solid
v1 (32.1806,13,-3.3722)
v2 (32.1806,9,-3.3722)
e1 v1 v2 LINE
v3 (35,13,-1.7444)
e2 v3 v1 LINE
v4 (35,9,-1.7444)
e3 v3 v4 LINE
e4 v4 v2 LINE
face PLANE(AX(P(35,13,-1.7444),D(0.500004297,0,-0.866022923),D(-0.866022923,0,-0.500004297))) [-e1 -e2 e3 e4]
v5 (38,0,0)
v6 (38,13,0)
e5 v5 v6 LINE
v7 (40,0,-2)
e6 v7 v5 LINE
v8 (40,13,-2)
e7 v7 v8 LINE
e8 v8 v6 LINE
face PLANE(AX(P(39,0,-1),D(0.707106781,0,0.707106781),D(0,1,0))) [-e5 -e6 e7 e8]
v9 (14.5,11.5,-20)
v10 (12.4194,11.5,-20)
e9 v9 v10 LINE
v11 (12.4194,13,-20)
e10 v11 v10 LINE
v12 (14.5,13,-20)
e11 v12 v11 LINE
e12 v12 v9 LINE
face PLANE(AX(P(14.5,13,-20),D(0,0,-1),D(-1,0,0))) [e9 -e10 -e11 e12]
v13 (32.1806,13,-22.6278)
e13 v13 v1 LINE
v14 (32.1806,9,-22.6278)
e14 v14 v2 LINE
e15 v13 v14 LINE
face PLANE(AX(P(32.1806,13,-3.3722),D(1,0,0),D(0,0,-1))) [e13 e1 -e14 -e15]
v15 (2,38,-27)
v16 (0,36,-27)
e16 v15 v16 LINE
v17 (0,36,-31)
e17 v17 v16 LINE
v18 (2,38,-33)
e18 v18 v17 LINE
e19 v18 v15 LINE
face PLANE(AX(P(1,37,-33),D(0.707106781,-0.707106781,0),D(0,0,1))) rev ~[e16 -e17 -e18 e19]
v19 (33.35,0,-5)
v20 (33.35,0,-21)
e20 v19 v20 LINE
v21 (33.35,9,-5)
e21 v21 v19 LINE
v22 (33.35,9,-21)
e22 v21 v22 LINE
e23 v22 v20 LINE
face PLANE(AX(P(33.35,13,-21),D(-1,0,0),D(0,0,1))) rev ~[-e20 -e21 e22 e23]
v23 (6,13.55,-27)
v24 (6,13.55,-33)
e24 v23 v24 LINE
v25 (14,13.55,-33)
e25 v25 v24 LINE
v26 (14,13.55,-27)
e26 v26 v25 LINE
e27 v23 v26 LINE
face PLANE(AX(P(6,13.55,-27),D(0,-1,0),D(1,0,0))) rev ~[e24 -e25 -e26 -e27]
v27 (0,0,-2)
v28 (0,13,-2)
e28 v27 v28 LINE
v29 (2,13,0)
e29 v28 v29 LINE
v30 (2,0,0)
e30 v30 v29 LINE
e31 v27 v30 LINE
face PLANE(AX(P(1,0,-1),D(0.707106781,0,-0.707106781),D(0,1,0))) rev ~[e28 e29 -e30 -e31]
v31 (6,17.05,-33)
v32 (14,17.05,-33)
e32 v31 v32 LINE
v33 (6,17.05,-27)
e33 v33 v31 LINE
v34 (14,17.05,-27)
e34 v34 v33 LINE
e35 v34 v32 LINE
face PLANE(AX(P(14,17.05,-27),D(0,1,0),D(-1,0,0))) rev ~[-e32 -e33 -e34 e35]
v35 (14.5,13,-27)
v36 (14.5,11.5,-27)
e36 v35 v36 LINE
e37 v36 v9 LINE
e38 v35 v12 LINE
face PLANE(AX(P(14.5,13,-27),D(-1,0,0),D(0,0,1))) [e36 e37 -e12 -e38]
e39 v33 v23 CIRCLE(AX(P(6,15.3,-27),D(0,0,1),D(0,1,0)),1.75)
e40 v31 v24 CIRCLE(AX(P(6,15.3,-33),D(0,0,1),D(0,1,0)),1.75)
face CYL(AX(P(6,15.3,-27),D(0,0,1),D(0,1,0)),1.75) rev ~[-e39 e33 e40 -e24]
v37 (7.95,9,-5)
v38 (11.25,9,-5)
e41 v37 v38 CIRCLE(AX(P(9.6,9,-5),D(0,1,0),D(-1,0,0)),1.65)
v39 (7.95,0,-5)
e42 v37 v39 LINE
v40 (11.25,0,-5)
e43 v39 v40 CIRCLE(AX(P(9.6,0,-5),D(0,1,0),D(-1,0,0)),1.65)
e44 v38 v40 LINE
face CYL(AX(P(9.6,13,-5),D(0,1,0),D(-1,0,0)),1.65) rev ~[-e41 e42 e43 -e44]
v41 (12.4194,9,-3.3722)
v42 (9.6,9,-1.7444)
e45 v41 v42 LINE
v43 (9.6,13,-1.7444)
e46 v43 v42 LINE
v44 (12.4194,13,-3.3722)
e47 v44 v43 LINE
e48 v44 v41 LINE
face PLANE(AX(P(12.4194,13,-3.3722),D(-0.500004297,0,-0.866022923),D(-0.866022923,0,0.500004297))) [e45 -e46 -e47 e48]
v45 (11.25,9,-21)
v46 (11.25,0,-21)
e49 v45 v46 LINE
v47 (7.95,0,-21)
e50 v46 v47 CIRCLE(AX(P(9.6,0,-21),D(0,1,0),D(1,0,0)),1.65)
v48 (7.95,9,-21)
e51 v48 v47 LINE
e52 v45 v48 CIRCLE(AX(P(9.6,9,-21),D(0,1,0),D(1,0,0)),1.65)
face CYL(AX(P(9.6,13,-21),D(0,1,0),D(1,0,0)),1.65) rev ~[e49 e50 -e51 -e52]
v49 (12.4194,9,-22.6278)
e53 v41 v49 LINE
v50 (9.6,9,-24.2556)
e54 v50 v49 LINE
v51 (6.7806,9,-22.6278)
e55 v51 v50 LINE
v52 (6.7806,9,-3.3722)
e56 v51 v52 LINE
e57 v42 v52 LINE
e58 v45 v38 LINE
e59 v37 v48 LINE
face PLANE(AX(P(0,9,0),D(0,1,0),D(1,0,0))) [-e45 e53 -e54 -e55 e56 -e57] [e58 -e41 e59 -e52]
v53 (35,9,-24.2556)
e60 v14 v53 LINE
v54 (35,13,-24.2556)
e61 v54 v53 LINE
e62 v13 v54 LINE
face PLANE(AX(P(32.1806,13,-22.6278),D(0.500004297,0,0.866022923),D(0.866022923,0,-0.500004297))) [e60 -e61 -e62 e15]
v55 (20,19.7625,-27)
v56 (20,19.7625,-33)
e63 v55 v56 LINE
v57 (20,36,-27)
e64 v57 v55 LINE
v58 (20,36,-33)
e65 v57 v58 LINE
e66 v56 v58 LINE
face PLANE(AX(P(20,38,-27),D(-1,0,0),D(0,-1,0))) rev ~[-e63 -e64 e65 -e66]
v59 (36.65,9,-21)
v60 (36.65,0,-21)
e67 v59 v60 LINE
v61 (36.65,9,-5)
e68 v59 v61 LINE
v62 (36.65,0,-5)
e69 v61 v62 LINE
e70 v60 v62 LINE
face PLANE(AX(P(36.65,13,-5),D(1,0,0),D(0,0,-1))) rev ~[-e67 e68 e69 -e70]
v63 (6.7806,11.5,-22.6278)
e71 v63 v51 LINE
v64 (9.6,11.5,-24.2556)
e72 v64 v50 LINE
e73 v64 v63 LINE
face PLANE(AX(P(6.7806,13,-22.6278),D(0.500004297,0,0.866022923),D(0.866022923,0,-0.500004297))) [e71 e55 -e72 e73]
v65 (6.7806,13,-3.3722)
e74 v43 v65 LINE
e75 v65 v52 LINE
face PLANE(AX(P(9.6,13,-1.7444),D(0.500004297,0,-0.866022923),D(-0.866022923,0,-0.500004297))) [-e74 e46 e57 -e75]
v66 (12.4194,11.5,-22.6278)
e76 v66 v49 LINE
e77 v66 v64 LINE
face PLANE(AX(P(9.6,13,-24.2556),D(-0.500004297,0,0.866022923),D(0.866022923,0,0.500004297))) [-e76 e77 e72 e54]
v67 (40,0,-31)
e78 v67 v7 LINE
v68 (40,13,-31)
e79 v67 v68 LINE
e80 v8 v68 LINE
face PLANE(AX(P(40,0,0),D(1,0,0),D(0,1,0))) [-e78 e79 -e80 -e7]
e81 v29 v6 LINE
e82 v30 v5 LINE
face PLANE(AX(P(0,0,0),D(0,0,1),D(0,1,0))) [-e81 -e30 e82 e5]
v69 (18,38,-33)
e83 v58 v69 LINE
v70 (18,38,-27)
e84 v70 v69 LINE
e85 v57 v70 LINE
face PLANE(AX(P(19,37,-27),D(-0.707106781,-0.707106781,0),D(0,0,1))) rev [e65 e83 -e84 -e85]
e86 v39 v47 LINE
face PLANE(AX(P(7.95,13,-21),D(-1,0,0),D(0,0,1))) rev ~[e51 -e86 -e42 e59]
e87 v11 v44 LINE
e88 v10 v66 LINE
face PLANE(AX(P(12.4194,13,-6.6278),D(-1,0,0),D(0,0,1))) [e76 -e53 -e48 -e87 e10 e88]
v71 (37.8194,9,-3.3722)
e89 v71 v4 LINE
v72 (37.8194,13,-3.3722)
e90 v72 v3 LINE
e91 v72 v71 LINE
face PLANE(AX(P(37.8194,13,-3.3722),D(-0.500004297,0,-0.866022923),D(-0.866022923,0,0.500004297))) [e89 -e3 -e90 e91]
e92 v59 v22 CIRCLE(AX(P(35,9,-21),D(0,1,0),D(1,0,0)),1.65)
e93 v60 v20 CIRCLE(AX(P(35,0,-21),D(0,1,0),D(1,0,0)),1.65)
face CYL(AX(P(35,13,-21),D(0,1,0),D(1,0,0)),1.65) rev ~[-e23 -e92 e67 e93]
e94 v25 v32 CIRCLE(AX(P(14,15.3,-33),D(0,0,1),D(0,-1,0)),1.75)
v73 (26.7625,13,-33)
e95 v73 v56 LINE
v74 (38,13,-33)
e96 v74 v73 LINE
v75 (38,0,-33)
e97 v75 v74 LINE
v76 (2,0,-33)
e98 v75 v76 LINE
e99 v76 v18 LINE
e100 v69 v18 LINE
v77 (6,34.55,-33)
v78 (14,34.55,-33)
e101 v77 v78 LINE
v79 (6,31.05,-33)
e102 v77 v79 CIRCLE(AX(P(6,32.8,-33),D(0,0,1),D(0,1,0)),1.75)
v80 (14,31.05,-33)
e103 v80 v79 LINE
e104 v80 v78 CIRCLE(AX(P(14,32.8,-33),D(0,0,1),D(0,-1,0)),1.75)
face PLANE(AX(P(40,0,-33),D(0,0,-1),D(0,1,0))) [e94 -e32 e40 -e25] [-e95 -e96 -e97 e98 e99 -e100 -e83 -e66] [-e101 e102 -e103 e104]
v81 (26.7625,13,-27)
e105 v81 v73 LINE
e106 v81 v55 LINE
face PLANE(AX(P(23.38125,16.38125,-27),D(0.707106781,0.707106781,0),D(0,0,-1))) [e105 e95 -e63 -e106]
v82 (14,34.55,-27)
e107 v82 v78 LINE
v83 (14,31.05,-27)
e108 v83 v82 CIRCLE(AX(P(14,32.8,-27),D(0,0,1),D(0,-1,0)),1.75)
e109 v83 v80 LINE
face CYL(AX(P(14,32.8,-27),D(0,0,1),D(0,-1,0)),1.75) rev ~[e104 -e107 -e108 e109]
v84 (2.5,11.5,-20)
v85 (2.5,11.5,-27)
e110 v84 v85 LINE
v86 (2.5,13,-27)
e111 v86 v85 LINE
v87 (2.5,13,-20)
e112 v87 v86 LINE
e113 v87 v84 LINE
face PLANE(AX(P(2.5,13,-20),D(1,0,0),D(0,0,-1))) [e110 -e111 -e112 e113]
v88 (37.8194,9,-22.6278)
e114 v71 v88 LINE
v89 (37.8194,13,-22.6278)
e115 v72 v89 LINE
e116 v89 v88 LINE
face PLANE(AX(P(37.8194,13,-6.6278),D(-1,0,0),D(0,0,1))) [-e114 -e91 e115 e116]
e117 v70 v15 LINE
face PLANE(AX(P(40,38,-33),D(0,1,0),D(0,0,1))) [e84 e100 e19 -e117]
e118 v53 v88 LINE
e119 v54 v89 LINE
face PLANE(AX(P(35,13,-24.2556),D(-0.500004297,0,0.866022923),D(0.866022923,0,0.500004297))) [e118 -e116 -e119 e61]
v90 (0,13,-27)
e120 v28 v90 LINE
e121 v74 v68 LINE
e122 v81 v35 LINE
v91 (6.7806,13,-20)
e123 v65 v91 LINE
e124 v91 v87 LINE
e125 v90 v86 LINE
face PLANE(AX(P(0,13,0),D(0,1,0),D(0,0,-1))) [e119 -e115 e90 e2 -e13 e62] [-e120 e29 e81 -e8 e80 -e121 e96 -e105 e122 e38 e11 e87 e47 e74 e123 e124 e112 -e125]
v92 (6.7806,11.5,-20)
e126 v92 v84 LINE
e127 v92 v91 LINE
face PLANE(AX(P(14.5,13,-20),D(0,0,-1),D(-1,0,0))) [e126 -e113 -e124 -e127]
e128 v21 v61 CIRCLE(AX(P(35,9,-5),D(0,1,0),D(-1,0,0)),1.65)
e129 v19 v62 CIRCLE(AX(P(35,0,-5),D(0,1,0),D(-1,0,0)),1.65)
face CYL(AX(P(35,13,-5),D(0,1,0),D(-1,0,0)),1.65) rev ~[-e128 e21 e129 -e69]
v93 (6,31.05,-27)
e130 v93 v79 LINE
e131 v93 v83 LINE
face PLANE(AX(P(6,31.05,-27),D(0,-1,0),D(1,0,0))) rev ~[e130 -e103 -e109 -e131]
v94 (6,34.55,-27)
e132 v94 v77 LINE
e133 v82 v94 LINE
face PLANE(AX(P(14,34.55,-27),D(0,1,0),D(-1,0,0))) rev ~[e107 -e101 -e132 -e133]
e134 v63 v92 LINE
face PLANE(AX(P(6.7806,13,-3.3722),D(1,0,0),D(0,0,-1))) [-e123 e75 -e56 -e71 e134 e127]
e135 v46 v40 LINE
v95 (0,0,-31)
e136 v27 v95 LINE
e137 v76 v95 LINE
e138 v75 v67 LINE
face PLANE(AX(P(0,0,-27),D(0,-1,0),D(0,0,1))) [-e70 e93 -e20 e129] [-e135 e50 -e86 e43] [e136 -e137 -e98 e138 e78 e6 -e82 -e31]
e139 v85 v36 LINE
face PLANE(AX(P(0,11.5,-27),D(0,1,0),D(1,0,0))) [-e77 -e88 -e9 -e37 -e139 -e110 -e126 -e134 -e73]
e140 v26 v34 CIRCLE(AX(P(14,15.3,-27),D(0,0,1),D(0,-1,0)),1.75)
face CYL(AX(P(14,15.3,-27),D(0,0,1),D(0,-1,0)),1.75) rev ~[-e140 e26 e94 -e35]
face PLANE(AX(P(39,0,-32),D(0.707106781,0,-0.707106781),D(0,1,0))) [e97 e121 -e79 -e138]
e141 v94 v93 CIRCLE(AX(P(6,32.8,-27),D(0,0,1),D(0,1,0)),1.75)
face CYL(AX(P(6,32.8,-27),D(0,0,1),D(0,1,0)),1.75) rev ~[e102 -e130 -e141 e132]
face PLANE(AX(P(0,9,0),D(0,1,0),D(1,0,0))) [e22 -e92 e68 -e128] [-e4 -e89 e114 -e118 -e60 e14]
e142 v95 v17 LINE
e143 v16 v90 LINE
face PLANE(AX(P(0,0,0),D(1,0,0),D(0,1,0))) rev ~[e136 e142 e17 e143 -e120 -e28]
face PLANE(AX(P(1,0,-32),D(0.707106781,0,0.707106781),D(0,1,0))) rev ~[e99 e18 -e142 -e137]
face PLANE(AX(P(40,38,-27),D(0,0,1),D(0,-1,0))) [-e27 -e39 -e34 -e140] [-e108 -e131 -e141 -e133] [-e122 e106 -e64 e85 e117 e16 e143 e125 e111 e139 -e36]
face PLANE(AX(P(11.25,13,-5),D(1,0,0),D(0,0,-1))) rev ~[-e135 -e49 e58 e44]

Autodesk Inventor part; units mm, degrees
ref_plane "YZ Plane" through (0, 0, 0) normal (1, 0, 0) x (0, 1, 0)
ref_plane "XZ Plane" through (0, 0, 0) normal (0, 1, 0) x (-1, 0, 0)
ref_plane "XY Plane" through (0, 0, 0) normal (0, 0, 1) x (1, 0, 0)
sketch "Sketch1" plane through (0, 0, 0) normal (1, 0, 0) x (0, 1, 0)
  line L0 (0, 0) -> (13, 0)
  line L1 (13, 0) -> (13, -27)
  line L2 (13, -27) -> (0, -27)
  line L3 (0, -27) -> (0, 0)
  dimension "d0" = 13
  dimension "d1" = 27
extrude "Extrusion1" add sketch "Sketch1" along normal blind 40
sketch "Sketch2" plane through (40, 0, 0) normal (1, 0, 0) x (0, 0, -1)
  line L0 (27, 0) -> (27, 13) projected
  line L1 (27, 0) -> (33, 0)
  line L2 (33, 0) -> (33, 38)
  line L3 (33, 38) -> (27, 38)
  line L4 (27, 38) -> (27, 0)
  point P0 (0, 0)
  dimension "d4" = 6
  dimension "d5" = 38
extrude "Extrusion2" add sketch "Sketch2" against normal blind 40
sketch "Sketch3" plane through (0, 13, 0) normal (0, 1, 0) x (1, 0, 0)
  line L0 (40, 27) -> (40, 0) construction
  line L1 (40, 0) -> (35, 0) construction
  line L2 (0, 0) -> (40, 0) construction
  line L3 (35, 0) -> (35, 5) construction
  line L4 (35, 5) -> (35, 21) construction
  line L5 (35, 5) -> (9.6, 5) construction
  line L6 (35, 5) -> (35, 21) construction
  line L7 (36.65, 5) -> (36.65, 21)
  line L8 (33.35, 21) -> (33.35, 5)
  arc A0 (33.35, 5) -> (36.65, 5) centre (35, 5) ccw
  arc A1 (36.65, 21) -> (33.35, 21) centre (35, 21) ccw
  line L9 (9.6, 0) -> (9.6, 5) construction
  line L10 (9.6, 5) -> (9.6, 21) construction
  line L11 (9.6, 5) -> (-15.8, 5) construction
  line L12 (9.6, 5) -> (9.6, 21) construction
  line L13 (11.25, 5) -> (11.25, 21)
  line L14 (7.95, 21) -> (7.95, 5)
  arc A2 (7.95, 5) -> (11.25, 5) centre (9.6, 5) ccw
  arc A3 (11.25, 21) -> (7.95, 21) centre (9.6, 21) ccw
  point P0 (35, 13)
  point P1 (9.6, 13)
  dimension "d8" = 5
  dimension "d9" = 5
  dimension "d10" = 16
  dimension "d11" = 25.4
  dimension "d12" = 3.3
  dimension "d13" = 5
  dimension "d14" = 16
  dimension "d15" = 25.4
  dimension "d16" = 3.3
extrude "Extrusion3" cut sketch "Sketch3" against normal blind 40
sketch "Sketch4" plane through (0, 13, 0) normal (0, 1, 0) x (1, 0, 0)
  point P0 (0, 0)
sketch "Sketch5" plane through (0, 13, 0) normal (0, 1, 0) x (1, 0, 0)
  arc A0 (33.35, 5) -> (36.65, 5) centre (35, 5) ccw projected
  line L0 (35, 5) -> (32.1806, 5) construction
  line L1 (35, 5) -> (37.8194, 5) construction
  line L2 (37.8194, 6.6278) -> (37.8194, 3.3722)
  line L3 (37.8194, 3.3722) -> (35, 1.7444)
  line L4 (35, 1.7444) -> (32.1806, 3.3722)
  line L5 (32.1806, 3.3722) -> (32.1806, 6.6278)
  arc A1 (36.65, 21) -> (33.35, 21) centre (35, 21) ccw projected
  line L6 (35, 21) -> (32.1806, 21) construction
  line L7 (32.1806, 22.6278) -> (35, 24.2556)
  line L8 (35, 24.2556) -> (37.8194, 22.6278)
  line L9 (37.8194, 22.6278) -> (37.8194, 19.3722)
  line L10 (32.1806, 19.3722) -> (32.1806, 22.6278)
  line L11 (32.1806, 19.3722) -> (32.1806, 6.6278)
  line L12 (33.35, 5) -> (33.35, 21) projected
  line L13 (36.65, 5) -> (36.65, 21) projected
  line L14 (37.8194, 19.3722) -> (37.8194, 6.6278)
  arc A2 (7.95, 5) -> (11.25, 5) centre (9.6, 5) ccw projected
  line L15 (9.6, 5) -> (6.7806, 5) construction
  line L16 (9.6, 5) -> (12.4194, 5) construction
  line L17 (12.4194, 6.6278) -> (12.4194, 3.3722)
  line L18 (12.4194, 3.3722) -> (9.6, 1.7444)
  line L19 (9.6, 1.7444) -> (6.7806, 3.3722)
  line L20 (6.7806, 3.3722) -> (6.7806, 6.6278)
  line L21 (9.6, 21) -> (6.7806, 21) construction
  line L22 (6.7806, 22.6278) -> (9.6, 24.2556)
  line L23 (9.6, 24.2556) -> (12.4194, 22.6278)
  line L24 (12.4194, 22.6278) -> (12.4194, 19.3722)
  line L25 (6.7806, 19.3722) -> (6.7806, 22.6278)
  line L26 (6.7806, 19.3722) -> (6.7806, 6.6278)
  line L27 (12.4194, 19.3722) -> (12.4194, 6.6278)
  point P0 (0, 0)
  dimension "d19" = 2.8194
  dimension "d20" = 2.8194
  dimension "d21" = 2.8194
  dimension "d23" = 2.8194
  dimension "d24" = 2.8194
  dimension "d25" = 2.8194
extrude "Extrusion4" cut sketch "Sketch5" against normal blind 4 contours L12 A1 L13 A0 | L2 L3 L4 L5 L11 L10 L7 L8 L9 L14 | L17 L18 L19 L20 L26 L25 L22 L23 L24 L27
sketch "Sketch6" plane through (40, 13, -27) normal (0, 0, 1) x (1, 0, 0)
  line L0 (-40, 0) -> (0, 0) construction
  line L1 (-40, 0) -> (-40, 2.3) construction
  line L2 (-40, 25) -> (-40, -13) construction
  line L3 (-40, 2.3) -> (-6.5941, 2.3) construction
  line L4 (-40, 2.3) -> (-40, 19.8) construction
  line L5 (-40, 19.8) -> (-7.5372, 19.8) construction
  line L6 (-40, 2.3) -> (-34, 2.3) construction
  line L7 (-34, 2.3) -> (-34, 19.8) construction
  line L8 (-34, 19.8) -> (-26, 19.8) construction
  line L9 (-34, 2.3) -> (-26, 2.3) construction
  line L10 (-34, 19.8) -> (-26, 19.8) construction
  line L11 (-34, 18.05) -> (-26, 18.05)
  line L12 (-26, 21.55) -> (-34, 21.55)
  arc A0 (-34, 21.55) -> (-34, 18.05) centre (-34, 19.8) ccw
  arc A1 (-26, 18.05) -> (-26, 21.55) centre (-26, 19.8) ccw
  line L13 (-34, 2.3) -> (-26, 2.3) construction
  line L14 (-34, 0.55) -> (-26, 0.55)
  line L15 (-26, 4.05) -> (-34, 4.05)
  arc A2 (-34, 4.05) -> (-34, 0.55) centre (-34, 2.3) ccw
  arc A3 (-26, 0.55) -> (-26, 4.05) centre (-26, 2.3) ccw
  point P0 (-30, 19.8)
  point P1 (-30, 2.3)
  dimension "d28" = 2.3
  dimension "d29" = 17.5
  dimension "d30" = 6
  dimension "d31" = 8
  dimension "d32" = 8
  dimension "d33" = 3.5
  dimension "d34" = 3.5
extrude "Extrusion5" cut sketch "Sketch6" against normal blind 35.6875
sketch "Sketch7" plane through (40, 13, -27) normal (0, 0, 1) x (1, 0, 0)
  line L0 (0, 25) -> (0, 0) projected
  line L1 (-40, 0) -> (0, 0) projected
  line L2 (0, 25) -> (-20, 25)
  line L3 (-20, 25) -> (-20, 0)
  line L4 (-20, 0) -> (0, 0)
  line L5 (0, 0) -> (0, 25)
  point P0 (-40, -13)
extrude "Extrusion6" cut sketch "Sketch7" against normal blind 45.275
chamfer "Chamfer1" distance 6.7625 angle 45 1 edges at (20, 13, -30)
chamfer "Chamfer2" distance 2 angle 45 1 edges at (20, 38, -30)
chamfer "Chamfer3" distance 2 angle 45 1 edges at (0, 38, -30)
chamfer "Chamfer4" distance 2 angle 45 4 edges at (40, 6.5, 0) (0, 6.5, 0) (40, 6.5, -33) (0, 18, -33)
sketch "Sketch8" plane through (0, 13, -27) normal (0, 1, 0) x (1, 0, 0)
  line L0 (0, 0) -> (26.7625, 0) construction
  line L1 (0, 0) -> (2.5, 0) construction
  line L2 (2.5, 0) -> (14.5, 0)
  line L3 (14.5, 0) -> (14.5, -7)
  line L4 (14.5, -7) -> (2.5, -7)
  line L5 (2.5, -7) -> (2.5, 0)
  point P0 (0, -27)
  dimension "d53" = 2.5
  dimension "d54" = 12
  dimension "d55" = 7
extrude "Extrusion7" cut sketch "Sketch8" against normal blind 1.5
properties part number "Motor Mount"
